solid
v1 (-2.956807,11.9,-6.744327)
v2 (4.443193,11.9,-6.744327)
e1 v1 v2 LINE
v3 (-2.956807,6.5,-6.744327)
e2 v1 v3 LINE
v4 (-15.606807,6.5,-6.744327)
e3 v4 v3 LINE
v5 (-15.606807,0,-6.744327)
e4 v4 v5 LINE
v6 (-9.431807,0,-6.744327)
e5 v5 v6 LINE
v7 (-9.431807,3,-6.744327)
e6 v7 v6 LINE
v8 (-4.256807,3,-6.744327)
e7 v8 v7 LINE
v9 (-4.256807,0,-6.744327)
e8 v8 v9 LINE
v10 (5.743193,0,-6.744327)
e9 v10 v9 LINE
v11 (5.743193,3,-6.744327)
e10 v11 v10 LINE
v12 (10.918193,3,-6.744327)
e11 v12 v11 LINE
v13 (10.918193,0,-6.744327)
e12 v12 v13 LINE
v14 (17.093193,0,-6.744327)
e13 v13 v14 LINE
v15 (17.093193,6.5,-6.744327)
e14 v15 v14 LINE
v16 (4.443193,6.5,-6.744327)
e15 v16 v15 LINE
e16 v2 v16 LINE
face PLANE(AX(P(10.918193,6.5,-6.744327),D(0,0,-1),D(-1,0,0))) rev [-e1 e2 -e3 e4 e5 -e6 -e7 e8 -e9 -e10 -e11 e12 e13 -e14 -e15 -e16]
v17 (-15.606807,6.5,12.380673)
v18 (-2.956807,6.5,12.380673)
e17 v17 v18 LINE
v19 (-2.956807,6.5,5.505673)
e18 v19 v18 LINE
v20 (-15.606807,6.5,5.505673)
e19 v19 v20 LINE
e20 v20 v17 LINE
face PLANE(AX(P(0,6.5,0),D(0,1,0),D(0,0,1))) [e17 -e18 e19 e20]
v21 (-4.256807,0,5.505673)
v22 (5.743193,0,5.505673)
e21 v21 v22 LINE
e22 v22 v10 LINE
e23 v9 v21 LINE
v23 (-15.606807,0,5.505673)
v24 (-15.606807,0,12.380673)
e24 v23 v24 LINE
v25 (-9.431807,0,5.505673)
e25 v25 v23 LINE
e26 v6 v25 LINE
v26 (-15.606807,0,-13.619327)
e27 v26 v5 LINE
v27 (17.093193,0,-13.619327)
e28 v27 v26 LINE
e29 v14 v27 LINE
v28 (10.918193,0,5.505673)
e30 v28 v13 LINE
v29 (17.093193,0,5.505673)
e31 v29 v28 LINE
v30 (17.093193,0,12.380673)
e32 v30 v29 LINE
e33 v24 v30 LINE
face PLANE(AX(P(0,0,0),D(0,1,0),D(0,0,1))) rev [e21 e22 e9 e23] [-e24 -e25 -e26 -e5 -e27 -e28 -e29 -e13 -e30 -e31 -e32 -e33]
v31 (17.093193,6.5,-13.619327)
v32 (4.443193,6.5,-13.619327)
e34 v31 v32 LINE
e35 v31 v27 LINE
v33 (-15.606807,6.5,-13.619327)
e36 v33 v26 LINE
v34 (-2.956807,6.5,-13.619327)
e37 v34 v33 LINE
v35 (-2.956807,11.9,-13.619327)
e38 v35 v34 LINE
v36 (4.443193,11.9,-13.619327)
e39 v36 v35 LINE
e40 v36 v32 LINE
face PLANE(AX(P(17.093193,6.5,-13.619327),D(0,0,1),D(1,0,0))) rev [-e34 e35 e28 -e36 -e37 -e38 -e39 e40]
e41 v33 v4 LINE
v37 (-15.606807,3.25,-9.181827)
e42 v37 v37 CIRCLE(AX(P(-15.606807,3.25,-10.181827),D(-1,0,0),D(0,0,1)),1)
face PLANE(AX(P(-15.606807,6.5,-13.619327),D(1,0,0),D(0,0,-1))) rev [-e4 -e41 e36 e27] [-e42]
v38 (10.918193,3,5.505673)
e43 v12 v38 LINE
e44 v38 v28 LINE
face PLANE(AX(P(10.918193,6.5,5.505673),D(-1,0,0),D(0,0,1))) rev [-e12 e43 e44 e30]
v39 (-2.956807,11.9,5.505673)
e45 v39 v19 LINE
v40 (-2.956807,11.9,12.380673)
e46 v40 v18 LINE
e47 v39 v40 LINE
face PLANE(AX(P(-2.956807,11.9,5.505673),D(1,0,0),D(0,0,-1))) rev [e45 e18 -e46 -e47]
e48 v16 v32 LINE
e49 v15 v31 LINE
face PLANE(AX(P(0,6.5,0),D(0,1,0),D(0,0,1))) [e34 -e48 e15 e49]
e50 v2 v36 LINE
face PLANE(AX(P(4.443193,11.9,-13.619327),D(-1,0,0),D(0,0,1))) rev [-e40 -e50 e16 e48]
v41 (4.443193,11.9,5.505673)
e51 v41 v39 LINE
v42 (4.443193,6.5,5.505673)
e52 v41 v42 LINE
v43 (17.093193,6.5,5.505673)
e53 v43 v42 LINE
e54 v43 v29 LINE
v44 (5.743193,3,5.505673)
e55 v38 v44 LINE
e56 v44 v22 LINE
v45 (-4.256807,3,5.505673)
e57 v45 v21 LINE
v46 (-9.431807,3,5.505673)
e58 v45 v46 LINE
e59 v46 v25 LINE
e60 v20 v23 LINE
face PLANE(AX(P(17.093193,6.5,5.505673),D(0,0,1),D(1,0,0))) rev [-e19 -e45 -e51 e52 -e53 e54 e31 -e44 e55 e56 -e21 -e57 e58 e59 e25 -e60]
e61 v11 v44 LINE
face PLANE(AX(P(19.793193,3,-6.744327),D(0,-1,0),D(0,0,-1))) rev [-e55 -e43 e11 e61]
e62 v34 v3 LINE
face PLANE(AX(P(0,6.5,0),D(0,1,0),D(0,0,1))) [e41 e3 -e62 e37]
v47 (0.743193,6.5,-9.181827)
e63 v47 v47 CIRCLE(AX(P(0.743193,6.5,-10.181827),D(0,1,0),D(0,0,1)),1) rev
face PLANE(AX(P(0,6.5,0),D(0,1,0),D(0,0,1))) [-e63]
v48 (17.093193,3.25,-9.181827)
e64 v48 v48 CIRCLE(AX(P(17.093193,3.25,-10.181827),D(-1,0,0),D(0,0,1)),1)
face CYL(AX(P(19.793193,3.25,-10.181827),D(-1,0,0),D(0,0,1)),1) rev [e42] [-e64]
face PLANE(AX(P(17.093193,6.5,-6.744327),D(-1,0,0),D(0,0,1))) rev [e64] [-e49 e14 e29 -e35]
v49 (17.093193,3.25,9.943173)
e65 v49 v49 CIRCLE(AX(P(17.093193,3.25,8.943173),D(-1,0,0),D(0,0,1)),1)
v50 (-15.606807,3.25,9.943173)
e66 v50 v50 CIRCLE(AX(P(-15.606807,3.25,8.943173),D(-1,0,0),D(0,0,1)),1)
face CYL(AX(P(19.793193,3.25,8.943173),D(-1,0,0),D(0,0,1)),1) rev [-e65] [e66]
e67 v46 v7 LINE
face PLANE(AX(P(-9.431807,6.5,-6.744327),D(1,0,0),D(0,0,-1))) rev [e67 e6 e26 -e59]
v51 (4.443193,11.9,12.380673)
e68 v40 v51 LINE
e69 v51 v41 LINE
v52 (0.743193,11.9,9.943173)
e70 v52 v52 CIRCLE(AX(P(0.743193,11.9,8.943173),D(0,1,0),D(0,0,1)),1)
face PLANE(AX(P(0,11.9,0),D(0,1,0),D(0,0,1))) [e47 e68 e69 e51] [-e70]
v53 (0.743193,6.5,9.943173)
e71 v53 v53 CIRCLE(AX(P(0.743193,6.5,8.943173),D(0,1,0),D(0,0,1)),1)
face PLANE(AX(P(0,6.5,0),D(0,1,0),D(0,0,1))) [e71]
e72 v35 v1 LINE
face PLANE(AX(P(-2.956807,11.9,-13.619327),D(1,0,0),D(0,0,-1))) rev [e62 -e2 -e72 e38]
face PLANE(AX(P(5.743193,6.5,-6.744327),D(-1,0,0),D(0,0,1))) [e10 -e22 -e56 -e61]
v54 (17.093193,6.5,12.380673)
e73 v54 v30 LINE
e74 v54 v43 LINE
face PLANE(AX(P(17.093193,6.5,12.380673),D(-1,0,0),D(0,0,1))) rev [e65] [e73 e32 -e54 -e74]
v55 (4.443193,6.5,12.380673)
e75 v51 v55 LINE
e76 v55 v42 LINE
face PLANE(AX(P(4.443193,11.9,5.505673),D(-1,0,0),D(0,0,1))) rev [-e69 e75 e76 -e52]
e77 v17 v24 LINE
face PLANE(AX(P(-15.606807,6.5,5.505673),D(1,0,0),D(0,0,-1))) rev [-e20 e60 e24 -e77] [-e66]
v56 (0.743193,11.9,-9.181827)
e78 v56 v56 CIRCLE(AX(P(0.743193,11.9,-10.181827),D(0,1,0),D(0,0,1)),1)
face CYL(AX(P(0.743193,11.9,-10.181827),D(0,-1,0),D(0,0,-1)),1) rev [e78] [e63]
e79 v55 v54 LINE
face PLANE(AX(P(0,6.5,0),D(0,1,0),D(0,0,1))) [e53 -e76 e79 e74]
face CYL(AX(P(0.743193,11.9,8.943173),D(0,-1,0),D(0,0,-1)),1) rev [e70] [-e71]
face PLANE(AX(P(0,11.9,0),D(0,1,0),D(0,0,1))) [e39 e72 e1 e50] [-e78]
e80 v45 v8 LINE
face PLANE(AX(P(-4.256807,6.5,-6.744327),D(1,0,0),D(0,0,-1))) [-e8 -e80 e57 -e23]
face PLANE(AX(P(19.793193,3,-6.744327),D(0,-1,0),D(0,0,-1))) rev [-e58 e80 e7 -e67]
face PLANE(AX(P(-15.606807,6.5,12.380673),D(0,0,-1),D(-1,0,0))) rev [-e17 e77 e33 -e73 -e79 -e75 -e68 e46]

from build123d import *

# Parameters (mm, degrees)
CROQUIS1_W              = 10
CROQUIS1_H              = 12.25
SALIENTE_EXTRUIR1_DEPTH = 6.5
CROQUIS2_W              = 7.4
CROQUIS2_H              = 6.875
CROQUIS2_R              = 1
SALIENTE_EXTRUIR2_DEPTH = 5.4
CROQUIS3_R              = 1
CROQUIS3_W              = 12.25
CROQUIS3_H              = 3.5
CORTAR_EXTRUIR1_DEPTH   = 35.4


with BuildPart() as part:
    # Croquis1 → Saliente-Extruir1 (new body)
    with BuildSketch(Plane(origin=(0, 0, 0), x_dir=(1, 0, 0), z_dir=(0, 1, 0))):
        Polygon((-15.606807411, 13.619327476), (-15.606807411, 6.744327476), (-9.43180722, 6.744327476), (-9.43180722, -5.505672524), (-15.606807411, -5.505672524), (-15.606807411, -12.380672524), (17.093193352, -12.380672524), (17.093193352, -5.505672524), (10.918193161, -5.505672524), (10.918193161, 6.744327476), (17.093193352, 6.744327476), (17.093193352, 13.619327476), align=None)
        with Locations((0.743192971, 0.619327476)):
            Rectangle(CROQUIS1_W, CROQUIS1_H, mode=Mode.SUBTRACT)
    extrude(amount=SALIENTE_EXTRUIR1_DEPTH)

    # Croquis2 → Saliente-Extruir2 (add)
    with BuildSketch(Plane(origin=(0, 6.5, 0), x_dir=(1, 0, 0), z_dir=(0, 1, 0))):
        with Locations((0.743192971, -8.943172524)):
            Rectangle(CROQUIS2_W, CROQUIS2_H)
        with Locations((0.743192971, -8.943172524)):
            Circle(CROQUIS2_R, mode=Mode.SUBTRACT)
        with Locations((0.743192971, 10.181827476)):
            Rectangle(CROQUIS2_W, CROQUIS2_H)
        with Locations((0.743192971, 10.181827476)):
            Circle(CROQUIS2_R, mode=Mode.SUBTRACT)
    extrude(amount=SALIENTE_EXTRUIR2_DEPTH)

    # Croquis3 → Cortar-Extruir1 (cut)
    with BuildSketch(Plane.ZY.offset(15.606807411)):
        with Locations((-10.181827476, 3.25)):
            Circle(CROQUIS3_R)
        with Locations((8.943172524, 3.25)):
            Circle(CROQUIS3_R)
        with Locations((-0.619327476, 4.75)):
            Rectangle(CROQUIS3_W, CROQUIS3_H)
    extrude(amount=-CORTAR_EXTRUIR1_DEPTH, mode=Mode.SUBTRACT)


solid = part.part
